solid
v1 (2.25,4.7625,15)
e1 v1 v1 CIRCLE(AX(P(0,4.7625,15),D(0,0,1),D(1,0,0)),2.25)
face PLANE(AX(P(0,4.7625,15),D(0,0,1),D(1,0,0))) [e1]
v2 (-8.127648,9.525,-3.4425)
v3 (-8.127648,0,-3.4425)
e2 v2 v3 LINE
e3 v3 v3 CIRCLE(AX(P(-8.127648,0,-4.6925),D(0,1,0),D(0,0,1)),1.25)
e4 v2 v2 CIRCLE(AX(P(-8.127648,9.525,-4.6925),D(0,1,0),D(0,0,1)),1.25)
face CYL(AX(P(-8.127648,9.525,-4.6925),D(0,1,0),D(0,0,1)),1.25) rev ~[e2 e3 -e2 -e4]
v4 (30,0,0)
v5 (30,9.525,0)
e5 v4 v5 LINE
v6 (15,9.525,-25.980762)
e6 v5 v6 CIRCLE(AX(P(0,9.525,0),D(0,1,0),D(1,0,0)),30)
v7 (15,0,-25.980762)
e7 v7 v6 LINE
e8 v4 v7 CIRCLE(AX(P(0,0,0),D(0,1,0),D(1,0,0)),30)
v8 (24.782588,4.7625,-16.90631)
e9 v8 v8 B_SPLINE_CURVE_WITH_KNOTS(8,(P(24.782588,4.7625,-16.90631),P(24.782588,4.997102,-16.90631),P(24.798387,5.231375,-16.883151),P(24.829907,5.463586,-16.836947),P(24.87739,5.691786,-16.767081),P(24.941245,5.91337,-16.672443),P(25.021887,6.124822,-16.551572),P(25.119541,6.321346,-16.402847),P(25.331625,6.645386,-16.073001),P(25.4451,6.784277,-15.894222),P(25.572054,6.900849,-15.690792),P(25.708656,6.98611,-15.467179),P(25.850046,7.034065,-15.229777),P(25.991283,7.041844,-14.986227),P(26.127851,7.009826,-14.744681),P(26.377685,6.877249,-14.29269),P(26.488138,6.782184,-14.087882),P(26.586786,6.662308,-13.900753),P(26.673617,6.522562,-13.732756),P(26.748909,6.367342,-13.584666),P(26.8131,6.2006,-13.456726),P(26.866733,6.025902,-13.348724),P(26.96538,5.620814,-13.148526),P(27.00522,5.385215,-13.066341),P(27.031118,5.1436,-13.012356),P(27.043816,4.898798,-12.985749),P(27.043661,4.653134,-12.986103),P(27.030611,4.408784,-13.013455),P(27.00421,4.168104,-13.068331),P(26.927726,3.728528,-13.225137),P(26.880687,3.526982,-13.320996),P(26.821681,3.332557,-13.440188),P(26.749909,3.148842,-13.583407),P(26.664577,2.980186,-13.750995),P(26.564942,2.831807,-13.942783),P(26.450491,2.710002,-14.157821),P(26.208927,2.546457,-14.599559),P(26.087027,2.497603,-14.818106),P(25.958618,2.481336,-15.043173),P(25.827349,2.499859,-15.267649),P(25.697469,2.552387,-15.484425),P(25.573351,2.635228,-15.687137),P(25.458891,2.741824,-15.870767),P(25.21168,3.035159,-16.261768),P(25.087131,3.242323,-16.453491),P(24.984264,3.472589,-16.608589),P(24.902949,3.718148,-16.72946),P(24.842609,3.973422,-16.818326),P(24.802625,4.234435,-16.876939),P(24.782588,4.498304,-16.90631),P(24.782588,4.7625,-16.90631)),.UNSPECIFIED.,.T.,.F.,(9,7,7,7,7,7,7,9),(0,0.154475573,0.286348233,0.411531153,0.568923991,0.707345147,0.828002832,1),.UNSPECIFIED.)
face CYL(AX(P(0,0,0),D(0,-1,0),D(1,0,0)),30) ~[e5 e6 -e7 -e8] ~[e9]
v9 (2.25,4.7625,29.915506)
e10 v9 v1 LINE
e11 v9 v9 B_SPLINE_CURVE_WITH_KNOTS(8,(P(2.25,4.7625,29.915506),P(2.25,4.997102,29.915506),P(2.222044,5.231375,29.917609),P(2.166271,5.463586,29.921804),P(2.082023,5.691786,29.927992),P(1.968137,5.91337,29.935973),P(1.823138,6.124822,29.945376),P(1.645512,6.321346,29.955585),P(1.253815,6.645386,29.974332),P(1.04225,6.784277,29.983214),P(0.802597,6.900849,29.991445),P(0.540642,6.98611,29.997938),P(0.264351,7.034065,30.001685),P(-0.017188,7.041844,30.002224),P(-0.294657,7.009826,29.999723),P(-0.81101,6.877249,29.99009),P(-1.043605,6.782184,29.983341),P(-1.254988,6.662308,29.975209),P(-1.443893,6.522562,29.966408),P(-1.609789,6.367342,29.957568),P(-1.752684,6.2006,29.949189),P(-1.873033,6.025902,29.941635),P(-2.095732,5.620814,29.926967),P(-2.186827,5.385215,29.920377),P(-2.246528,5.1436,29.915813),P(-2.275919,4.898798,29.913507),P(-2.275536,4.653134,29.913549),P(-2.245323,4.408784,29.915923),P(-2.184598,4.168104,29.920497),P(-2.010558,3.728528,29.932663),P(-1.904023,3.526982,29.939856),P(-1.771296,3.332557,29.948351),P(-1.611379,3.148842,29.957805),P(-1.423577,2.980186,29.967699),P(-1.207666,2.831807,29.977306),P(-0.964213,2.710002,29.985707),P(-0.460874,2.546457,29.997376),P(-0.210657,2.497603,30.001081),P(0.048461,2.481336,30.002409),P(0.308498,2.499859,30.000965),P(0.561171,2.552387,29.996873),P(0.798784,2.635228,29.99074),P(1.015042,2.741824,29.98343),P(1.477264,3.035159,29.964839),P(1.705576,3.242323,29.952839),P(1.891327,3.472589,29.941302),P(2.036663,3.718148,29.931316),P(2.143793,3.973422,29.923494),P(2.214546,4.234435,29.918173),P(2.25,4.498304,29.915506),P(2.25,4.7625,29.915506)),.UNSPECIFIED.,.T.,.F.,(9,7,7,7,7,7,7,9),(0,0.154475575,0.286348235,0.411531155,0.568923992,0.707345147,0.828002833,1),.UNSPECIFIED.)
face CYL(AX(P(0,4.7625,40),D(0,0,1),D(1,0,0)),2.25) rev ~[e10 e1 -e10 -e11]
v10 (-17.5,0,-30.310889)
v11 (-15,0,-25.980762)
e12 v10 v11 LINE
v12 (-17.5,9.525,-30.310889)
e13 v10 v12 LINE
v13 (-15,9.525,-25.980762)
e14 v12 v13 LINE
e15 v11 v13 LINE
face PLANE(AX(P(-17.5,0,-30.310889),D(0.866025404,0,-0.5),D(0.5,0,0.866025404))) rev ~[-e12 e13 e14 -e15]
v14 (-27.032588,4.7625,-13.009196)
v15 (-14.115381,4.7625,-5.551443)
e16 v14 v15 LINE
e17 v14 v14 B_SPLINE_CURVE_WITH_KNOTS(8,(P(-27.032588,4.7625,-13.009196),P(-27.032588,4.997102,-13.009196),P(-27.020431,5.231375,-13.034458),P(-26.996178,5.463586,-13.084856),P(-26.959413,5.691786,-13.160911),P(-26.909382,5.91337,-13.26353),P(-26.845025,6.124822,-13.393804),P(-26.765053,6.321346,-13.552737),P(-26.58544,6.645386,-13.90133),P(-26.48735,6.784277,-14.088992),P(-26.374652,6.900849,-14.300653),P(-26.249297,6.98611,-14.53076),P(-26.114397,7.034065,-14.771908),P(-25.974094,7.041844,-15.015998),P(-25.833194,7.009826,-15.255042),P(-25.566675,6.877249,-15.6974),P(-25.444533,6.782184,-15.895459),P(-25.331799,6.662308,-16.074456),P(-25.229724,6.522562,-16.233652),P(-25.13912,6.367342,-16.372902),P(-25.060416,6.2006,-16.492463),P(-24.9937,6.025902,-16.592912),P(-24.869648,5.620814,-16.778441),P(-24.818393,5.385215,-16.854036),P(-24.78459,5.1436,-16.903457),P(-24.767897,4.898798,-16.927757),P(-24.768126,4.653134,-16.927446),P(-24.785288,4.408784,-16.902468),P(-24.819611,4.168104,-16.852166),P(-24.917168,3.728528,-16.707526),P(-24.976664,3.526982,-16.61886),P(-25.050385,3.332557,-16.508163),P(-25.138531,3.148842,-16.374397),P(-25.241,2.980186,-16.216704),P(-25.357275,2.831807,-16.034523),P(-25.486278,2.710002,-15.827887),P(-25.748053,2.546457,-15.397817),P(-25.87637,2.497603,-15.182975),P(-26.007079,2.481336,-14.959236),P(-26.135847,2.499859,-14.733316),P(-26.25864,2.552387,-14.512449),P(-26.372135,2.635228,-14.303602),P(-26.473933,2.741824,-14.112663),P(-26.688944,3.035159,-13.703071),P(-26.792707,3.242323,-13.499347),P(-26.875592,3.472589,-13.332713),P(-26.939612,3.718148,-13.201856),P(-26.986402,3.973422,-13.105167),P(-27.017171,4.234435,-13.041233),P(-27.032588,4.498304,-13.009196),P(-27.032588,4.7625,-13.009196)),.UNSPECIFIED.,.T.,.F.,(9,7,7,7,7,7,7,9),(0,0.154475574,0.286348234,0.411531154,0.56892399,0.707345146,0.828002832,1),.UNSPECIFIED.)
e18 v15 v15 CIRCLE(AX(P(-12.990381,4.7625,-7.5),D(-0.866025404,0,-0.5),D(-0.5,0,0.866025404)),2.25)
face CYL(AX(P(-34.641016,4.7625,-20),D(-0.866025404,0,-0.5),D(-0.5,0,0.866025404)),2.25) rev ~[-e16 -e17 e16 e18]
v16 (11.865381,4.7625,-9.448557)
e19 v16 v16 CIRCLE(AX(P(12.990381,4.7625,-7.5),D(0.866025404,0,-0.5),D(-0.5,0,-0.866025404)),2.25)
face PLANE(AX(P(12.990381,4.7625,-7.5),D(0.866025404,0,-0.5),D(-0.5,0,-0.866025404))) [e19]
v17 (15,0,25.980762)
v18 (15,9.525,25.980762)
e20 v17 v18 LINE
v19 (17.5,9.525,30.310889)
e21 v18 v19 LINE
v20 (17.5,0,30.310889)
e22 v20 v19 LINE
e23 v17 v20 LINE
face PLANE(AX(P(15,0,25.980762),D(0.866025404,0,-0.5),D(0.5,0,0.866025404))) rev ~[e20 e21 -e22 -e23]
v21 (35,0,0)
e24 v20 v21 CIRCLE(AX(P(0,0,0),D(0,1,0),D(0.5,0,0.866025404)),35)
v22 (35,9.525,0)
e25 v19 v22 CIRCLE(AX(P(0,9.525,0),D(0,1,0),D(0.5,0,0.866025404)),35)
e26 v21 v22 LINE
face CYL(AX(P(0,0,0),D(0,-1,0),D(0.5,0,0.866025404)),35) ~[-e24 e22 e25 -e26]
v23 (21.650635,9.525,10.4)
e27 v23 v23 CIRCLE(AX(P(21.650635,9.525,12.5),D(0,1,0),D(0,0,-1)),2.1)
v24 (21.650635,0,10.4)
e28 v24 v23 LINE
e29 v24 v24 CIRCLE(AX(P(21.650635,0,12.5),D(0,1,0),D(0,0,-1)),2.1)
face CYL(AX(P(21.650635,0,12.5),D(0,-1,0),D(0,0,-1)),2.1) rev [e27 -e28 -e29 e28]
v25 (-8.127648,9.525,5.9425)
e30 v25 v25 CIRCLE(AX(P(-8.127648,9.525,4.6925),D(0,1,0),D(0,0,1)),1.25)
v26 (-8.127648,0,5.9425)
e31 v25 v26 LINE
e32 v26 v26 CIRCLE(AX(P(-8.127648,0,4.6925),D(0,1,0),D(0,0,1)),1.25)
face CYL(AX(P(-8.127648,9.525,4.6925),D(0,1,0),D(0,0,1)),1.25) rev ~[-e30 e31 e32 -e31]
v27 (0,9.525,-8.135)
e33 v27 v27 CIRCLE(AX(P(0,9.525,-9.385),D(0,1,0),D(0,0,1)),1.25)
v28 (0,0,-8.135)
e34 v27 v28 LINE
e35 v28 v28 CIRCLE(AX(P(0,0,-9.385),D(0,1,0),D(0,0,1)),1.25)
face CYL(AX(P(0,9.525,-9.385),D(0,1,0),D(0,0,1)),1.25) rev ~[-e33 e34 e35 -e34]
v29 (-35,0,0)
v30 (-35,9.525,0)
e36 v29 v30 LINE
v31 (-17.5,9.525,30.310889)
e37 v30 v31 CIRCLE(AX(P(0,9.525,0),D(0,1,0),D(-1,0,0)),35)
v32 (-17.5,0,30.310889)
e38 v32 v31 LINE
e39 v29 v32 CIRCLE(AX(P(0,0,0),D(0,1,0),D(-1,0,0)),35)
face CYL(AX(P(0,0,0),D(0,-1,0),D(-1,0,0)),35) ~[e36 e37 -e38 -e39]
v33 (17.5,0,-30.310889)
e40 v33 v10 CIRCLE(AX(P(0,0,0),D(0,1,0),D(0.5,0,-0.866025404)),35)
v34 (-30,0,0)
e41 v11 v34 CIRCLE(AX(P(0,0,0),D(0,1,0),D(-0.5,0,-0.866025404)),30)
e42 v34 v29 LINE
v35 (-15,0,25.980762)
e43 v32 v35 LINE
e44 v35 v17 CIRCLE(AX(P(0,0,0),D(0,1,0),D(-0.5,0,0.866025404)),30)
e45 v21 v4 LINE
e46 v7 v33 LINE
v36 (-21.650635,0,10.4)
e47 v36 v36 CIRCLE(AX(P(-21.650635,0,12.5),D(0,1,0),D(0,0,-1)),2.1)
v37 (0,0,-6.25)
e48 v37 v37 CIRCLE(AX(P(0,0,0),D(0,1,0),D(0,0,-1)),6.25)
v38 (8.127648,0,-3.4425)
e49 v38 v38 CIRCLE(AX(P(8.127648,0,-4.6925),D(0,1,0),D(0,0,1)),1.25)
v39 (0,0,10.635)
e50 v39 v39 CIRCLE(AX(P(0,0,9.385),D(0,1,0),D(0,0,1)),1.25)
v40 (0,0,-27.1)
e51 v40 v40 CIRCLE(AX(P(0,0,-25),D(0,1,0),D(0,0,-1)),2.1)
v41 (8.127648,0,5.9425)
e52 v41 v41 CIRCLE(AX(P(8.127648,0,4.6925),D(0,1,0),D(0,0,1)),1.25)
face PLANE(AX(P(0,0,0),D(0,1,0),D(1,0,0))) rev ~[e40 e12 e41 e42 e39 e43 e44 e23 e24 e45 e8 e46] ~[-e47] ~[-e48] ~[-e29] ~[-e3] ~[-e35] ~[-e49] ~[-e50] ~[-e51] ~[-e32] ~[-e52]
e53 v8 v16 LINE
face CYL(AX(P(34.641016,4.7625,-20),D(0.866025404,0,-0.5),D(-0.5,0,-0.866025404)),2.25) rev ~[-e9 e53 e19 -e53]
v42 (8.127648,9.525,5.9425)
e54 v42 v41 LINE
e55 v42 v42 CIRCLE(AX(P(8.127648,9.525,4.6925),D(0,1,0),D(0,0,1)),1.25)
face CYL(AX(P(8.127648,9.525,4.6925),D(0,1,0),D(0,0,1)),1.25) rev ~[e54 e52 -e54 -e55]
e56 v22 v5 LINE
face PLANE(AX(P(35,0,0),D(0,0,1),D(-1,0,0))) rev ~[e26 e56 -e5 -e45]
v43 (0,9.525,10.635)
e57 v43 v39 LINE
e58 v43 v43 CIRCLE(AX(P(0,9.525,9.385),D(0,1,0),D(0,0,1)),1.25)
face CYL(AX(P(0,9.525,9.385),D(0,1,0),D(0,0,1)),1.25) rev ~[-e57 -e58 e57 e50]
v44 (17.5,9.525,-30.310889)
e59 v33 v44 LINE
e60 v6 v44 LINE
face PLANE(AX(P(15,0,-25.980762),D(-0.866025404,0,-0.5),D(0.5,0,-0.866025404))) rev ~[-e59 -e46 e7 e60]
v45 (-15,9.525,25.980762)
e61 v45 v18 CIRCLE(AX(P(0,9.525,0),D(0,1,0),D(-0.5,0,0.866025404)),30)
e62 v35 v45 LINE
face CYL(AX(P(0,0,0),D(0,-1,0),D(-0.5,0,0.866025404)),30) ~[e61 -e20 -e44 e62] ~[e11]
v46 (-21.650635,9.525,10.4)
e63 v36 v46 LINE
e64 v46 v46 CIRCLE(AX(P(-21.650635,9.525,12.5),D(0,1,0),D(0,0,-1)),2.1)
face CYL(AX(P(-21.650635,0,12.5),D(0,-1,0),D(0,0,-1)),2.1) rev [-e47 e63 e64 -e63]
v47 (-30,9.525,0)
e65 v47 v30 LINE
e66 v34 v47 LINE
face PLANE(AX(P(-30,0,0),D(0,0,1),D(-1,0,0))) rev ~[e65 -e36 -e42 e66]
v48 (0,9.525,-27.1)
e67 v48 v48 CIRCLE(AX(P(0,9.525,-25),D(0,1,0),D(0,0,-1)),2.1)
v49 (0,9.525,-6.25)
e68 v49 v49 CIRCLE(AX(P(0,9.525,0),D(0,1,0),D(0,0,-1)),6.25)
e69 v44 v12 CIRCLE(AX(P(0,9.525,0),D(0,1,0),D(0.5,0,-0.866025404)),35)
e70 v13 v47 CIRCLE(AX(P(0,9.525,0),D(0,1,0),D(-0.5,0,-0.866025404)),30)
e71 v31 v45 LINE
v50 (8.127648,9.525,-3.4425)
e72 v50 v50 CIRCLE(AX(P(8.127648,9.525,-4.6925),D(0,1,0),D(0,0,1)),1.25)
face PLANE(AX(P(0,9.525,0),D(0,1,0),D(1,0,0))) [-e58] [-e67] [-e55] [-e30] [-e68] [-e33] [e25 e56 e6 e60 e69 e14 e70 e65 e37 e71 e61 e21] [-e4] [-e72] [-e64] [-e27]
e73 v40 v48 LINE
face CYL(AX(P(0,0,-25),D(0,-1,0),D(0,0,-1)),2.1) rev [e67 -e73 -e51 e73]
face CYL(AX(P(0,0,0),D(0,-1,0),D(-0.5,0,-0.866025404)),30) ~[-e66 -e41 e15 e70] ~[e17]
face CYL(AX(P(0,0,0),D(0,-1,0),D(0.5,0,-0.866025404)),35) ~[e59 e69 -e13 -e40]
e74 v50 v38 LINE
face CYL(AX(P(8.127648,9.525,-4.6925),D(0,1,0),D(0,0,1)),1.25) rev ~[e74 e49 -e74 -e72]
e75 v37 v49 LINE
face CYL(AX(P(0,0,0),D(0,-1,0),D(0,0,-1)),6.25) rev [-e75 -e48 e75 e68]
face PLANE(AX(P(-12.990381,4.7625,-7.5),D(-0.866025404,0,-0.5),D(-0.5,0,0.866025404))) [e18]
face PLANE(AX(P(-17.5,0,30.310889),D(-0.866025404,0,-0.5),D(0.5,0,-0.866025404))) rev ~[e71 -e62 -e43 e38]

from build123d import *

# Parameters (mm, degrees)
BASEPLATE_SKETCH_R   = 2.1
BASEPLATE_SKETCH_R_2 = 6.25
BOSS_EXTRUDE1_DEPTH  = 9.525
SKETCH2_R            = 2.25
CUT_EXTRUDE1_DEPTH   = 25
CIRPATTERN1_COUNT    = 3
SKETCH3_R            = 1.25
CUT_EXTRUDE2_DEPTH   = 9.525


with BuildPart() as part:
    # Baseplate Sketch → Boss-Extrude1 (new body)
    with BuildSketch(Plane(origin=(0, 0, 0), x_dir=(1, 0, 0), z_dir=(0, 1, 0))):
        with BuildLine():
            ThreePointArc((17.5, 30.310889132), (0, 35), (-17.5, 30.310889132))
            Line((-17.5, 30.310889132), (-15, 25.980762114))
            ThreePointArc((-15, 25.980762114), (-25.980762114, 15), (-30, 0))
            Line((-30, 0), (-35, 0))
            ThreePointArc((-35, 0), (-30.310889132, -17.5), (-17.5, -30.310889132))
            Line((-17.5, -30.310889132), (-15, -25.980762114))
            ThreePointArc((-15, -25.980762114), (0, -30), (15, -25.980762114))
            Line((15, -25.980762114), (17.5, -30.310889132))
            ThreePointArc((17.5, -30.310889132), (30.310889132, -17.5), (35, 0))
            Line((35, 0), (30, 0))
            ThreePointArc((30, 0), (25.980762114, 15), (15, 25.980762114))
            Line((15, 25.980762114), (17.5, 30.310889132))
        make_face()
        with Locations(Location((0, 25, 0), (0, 0, 90))):
            Circle(BASEPLATE_SKETCH_R, mode=Mode.SUBTRACT)
        with Locations(Location((-21.650635095, -12.5, 0), (0, 0, 90))):
            Circle(BASEPLATE_SKETCH_R, mode=Mode.SUBTRACT)
        with Locations(Location((0, 0, 0), (0, 0, 90))):
            Circle(BASEPLATE_SKETCH_R_2, mode=Mode.SUBTRACT)
        with Locations(Location((21.650635095, -12.5, 0), (0, 0, 90))):
            Circle(BASEPLATE_SKETCH_R, mode=Mode.SUBTRACT)
    extrude(amount=BOSS_EXTRUDE1_DEPTH)

    # Sketch2 → Cut-Extrude1 (cut)
    with BuildSketch(Plane.XY.offset(40)):
        with Locations((0, 4.7625)):
            Circle(SKETCH2_R)
    cut_extrude1 = extrude(amount=-CUT_EXTRUDE1_DEPTH, mode=Mode.SUBTRACT)

    # CirPattern1: Cut-Extrude1 ×3 about axis
    cirpattern1_axis = Axis((0, 0, 0), (0, 1, 0))
    for i in range(1, CIRPATTERN1_COUNT):
        add(cut_extrude1.rotate(cirpattern1_axis, i * 360 / CIRPATTERN1_COUNT), mode=Mode.SUBTRACT)

    # Sketch3 → Cut-Extrude2 (cut)
    with BuildSketch(Plane(origin=(0, 9.525, 0), x_dir=(1, 0, 0), z_dir=(0, 1, 0))):
        with Locations(Location((-8.127648415, -4.6925, 0), (0, 0, 270))):
            Circle(SKETCH3_R)
        with Locations(Location((0, -9.385, 0), (0, 0, 270))):
            Circle(SKETCH3_R)
        with Locations(Location((-8.127648415, 4.6925, 0), (0, 0, 270))):
            Circle(SKETCH3_R)
        with Locations(Location((0, 9.385, 0), (0, 0, 270))):
            Circle(SKETCH3_R)
        with Locations(Location((8.127648415, 4.6925, 0), (0, 0, 270))):
            Circle(SKETCH3_R)
        with Locations(Location((8.127648415, -4.6925, 0), (0, 0, 270))):
            Circle(SKETCH3_R)
    extrude(amount=-CUT_EXTRUDE2_DEPTH, mode=Mode.SUBTRACT)


solid = part.part
